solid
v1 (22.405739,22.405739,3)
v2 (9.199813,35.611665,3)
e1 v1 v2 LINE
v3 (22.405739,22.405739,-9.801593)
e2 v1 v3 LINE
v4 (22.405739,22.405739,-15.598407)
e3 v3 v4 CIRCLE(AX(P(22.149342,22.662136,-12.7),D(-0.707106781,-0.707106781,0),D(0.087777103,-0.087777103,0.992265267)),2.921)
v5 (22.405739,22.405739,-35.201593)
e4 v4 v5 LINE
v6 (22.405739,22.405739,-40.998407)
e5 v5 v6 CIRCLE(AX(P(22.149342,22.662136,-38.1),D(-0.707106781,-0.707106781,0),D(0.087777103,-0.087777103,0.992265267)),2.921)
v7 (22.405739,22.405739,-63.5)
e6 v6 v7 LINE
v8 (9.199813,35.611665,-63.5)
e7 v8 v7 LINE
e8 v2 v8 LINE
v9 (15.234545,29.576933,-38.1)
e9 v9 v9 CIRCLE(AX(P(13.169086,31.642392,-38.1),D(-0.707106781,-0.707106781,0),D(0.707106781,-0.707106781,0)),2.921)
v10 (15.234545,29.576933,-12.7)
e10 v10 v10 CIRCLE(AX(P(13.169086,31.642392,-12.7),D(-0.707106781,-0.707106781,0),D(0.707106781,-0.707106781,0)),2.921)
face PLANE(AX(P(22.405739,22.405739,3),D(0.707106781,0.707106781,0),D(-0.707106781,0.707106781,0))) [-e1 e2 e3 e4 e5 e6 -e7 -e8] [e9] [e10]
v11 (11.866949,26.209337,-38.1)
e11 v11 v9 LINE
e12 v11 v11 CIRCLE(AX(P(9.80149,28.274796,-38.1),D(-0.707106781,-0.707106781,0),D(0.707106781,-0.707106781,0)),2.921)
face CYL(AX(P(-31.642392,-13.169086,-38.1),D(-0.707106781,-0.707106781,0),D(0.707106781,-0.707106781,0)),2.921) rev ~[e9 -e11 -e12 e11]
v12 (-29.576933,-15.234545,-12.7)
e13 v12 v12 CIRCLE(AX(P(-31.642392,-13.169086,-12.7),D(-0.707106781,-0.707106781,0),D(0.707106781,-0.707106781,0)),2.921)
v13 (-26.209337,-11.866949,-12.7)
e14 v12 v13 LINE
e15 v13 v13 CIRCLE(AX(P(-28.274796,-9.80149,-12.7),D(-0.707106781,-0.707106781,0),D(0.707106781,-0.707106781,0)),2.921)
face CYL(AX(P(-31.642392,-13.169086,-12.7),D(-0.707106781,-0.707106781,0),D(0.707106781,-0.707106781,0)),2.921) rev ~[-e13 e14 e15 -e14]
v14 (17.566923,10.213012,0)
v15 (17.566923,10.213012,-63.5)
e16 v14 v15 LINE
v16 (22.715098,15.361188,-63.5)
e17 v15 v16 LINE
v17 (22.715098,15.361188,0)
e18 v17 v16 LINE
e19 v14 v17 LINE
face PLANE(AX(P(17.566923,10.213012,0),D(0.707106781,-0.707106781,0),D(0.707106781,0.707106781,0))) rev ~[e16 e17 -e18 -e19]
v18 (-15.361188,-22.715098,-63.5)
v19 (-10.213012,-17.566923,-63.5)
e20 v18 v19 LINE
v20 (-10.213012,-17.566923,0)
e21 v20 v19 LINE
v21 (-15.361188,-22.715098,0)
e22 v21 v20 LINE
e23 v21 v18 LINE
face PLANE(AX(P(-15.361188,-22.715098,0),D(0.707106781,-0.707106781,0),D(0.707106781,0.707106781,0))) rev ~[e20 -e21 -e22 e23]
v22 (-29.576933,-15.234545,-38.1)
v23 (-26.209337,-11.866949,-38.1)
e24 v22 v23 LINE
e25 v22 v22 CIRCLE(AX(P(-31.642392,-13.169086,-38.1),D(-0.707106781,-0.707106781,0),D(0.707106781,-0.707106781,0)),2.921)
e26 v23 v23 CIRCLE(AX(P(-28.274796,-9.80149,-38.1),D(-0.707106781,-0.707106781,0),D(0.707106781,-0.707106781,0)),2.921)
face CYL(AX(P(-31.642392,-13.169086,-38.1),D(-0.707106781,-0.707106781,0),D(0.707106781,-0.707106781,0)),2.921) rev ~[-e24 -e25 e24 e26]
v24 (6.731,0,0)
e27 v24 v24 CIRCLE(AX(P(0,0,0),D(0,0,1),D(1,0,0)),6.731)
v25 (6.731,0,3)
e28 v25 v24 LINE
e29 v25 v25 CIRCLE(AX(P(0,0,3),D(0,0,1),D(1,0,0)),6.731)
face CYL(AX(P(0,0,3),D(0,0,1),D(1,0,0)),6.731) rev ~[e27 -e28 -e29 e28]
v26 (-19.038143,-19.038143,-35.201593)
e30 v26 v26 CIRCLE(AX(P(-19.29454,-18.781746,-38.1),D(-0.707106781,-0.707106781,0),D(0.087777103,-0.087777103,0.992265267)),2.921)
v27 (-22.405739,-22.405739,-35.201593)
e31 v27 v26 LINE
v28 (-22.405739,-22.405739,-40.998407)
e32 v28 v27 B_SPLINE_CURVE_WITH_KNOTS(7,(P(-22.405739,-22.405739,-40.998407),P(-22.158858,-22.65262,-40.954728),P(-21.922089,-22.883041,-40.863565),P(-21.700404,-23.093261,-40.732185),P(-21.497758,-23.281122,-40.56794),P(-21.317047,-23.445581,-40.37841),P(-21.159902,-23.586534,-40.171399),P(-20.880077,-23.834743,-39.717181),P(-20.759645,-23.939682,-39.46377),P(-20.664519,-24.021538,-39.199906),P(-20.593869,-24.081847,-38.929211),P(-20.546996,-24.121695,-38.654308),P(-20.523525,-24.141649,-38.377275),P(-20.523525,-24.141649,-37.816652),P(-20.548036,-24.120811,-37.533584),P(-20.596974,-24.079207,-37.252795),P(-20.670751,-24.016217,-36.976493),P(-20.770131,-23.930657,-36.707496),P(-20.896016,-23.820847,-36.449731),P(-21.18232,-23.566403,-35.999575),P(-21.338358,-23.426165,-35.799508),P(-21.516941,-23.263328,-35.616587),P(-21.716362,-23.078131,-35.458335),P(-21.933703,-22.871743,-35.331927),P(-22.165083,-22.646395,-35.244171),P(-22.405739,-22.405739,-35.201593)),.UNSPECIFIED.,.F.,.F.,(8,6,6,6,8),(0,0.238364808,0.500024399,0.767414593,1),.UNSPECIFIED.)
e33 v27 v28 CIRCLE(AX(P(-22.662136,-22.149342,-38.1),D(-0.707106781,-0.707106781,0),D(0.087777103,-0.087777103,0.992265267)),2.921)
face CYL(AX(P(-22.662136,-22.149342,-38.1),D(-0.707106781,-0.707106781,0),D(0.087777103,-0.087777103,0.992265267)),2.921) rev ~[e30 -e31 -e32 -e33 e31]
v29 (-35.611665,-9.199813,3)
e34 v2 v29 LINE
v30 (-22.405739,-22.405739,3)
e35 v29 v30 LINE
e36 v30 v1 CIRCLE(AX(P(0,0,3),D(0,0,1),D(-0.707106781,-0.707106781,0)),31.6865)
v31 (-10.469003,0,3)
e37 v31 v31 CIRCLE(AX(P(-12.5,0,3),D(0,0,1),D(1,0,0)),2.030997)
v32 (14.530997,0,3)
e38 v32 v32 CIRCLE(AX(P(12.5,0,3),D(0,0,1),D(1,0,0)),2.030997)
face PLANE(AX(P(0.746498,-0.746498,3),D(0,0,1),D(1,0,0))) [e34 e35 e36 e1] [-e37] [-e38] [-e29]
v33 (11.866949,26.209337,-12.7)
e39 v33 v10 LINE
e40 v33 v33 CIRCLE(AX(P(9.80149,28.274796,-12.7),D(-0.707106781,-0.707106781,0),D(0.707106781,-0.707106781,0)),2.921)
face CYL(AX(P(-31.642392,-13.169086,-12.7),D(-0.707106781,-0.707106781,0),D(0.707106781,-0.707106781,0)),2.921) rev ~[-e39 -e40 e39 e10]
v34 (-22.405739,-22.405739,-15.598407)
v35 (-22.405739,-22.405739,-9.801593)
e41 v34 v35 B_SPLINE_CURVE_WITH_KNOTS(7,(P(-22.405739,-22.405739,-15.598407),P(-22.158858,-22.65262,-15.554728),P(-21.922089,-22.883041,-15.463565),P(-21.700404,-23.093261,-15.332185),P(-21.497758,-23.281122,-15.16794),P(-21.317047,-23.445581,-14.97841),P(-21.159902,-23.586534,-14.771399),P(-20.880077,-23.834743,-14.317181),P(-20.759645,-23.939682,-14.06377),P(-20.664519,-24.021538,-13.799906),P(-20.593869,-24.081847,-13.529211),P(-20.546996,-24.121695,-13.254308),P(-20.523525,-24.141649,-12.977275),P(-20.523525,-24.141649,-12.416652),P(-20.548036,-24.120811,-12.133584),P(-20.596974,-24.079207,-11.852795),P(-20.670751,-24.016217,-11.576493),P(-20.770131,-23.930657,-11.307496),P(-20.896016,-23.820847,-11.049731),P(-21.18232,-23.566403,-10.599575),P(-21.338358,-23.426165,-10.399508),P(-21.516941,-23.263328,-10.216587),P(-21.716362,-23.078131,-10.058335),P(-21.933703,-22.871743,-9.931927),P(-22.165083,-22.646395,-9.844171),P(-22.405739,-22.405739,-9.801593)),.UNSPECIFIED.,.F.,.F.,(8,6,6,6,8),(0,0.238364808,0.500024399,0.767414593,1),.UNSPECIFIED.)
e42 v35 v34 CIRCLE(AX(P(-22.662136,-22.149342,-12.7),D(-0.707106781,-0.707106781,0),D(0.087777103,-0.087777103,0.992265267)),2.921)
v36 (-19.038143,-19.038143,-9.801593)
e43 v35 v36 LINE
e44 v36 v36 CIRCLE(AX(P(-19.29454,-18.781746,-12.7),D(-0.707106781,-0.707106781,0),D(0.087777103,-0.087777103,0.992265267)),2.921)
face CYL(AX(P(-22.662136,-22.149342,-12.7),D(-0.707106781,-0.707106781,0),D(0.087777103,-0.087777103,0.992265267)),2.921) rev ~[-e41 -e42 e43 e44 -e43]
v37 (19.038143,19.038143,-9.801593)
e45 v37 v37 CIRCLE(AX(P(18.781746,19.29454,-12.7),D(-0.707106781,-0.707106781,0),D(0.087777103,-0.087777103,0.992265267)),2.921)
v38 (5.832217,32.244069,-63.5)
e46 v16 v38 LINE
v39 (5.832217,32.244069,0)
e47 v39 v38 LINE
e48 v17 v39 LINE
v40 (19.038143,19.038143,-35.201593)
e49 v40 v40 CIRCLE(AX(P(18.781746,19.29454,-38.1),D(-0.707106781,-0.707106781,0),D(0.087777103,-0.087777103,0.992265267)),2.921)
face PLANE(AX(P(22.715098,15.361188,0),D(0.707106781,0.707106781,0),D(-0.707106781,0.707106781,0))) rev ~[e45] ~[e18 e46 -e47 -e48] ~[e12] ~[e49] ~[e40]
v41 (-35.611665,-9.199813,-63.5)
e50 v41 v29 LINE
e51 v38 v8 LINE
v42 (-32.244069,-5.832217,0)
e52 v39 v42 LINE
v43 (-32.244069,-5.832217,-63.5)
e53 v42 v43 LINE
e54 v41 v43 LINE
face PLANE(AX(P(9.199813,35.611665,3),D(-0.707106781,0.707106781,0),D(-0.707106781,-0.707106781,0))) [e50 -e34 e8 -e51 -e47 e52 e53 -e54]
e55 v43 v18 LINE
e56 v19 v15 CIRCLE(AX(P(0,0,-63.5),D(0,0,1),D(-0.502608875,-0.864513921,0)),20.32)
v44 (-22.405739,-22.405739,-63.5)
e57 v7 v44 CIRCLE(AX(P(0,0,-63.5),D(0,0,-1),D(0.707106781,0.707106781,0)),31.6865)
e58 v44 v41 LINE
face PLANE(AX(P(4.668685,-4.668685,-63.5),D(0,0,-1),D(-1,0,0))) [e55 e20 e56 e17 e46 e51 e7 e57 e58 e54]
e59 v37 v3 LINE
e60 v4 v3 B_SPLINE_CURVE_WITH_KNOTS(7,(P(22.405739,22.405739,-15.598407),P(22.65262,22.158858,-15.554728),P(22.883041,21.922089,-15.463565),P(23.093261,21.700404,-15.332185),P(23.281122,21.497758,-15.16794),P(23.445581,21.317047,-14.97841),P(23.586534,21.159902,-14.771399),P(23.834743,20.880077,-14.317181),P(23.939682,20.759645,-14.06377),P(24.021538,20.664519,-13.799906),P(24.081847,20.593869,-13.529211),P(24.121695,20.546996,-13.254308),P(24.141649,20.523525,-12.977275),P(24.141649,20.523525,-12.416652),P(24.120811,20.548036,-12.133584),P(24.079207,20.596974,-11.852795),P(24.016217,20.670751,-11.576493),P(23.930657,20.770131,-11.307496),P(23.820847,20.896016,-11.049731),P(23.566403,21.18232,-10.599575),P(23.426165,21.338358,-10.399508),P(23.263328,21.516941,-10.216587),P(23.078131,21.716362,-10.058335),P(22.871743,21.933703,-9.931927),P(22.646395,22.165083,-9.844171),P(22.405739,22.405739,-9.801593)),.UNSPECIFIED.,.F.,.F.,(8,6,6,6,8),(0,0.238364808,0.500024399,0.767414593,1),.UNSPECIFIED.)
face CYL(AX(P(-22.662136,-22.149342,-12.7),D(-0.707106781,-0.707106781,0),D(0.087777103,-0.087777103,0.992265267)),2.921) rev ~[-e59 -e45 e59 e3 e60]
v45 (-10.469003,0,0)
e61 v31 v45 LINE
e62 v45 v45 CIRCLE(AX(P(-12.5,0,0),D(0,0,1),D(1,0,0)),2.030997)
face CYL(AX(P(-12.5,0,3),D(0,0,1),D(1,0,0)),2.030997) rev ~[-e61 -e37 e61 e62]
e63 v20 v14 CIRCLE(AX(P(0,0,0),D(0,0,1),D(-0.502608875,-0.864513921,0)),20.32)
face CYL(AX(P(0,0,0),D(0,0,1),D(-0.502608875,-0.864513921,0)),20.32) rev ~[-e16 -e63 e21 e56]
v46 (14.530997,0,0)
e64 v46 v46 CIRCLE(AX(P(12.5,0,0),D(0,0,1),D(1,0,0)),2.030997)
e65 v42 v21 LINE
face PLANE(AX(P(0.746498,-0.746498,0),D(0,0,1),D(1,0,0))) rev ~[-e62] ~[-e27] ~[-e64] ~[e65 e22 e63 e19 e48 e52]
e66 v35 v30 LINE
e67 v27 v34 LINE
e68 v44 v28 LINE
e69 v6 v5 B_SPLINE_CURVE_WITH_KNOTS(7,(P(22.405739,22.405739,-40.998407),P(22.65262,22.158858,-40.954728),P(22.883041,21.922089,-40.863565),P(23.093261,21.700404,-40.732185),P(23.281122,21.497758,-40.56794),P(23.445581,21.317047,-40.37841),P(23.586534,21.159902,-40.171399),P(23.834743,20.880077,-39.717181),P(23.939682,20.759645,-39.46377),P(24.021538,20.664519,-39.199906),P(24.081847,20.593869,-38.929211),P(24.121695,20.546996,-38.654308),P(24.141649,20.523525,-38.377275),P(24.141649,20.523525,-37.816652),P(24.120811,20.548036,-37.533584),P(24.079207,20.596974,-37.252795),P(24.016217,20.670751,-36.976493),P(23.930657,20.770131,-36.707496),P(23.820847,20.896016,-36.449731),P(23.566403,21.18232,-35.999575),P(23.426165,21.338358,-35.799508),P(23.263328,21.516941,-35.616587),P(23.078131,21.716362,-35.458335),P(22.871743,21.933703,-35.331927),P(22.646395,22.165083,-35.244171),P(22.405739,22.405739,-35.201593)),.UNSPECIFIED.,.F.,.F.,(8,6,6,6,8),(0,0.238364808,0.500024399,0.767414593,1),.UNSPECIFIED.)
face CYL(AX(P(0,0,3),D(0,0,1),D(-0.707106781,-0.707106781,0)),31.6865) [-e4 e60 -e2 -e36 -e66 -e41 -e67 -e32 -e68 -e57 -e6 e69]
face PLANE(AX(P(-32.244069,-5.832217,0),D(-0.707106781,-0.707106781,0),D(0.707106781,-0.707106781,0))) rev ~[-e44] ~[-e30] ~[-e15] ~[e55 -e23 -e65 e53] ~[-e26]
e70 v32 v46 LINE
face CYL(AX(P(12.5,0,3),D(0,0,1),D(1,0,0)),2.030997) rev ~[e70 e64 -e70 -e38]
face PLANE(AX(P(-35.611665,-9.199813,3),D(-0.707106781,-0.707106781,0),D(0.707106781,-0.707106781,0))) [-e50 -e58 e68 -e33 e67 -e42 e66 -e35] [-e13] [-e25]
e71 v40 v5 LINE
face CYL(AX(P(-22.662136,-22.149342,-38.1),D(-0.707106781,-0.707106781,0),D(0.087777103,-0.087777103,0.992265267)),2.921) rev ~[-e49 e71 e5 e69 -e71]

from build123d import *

# Parameters (mm, degrees)
BOSS_EXTRUDE1_DEPTH = 63.5
BOSS_EXTRUDE2_START = 3
SKETCH4_R           = 6.731
SKETCH4_R_2         = 2.0309967
BOSS_EXTRUDE2_DEPTH = 3
SKETCH5_R           = 2.921
CUT_EXTRUDE3_DEPTH  = 102.608265033


with BuildPart() as part:
    # Sketch2 → Boss-Extrude1 (new body)
    with BuildSketch(Plane.XY):
        with BuildLine():
            Line((5.832216731, 32.244069222), (9.199812777, 35.611665268))
            Line((9.199812777, 35.611665268), (22.405739022, 22.405739022))
            ThreePointArc((22.405739022, 22.405739022), (22.405739022, -22.405739022), (-22.405739022, -22.405739022))
            Line((-22.405739022, -22.405739022), (-35.611665268, -9.199812777))
            Line((-35.611665268, -9.199812777), (-32.244069222, -5.832216731))
            Line((-32.244069222, -5.832216731), (-15.361187714, -22.715098239))
            Line((-15.361187714, -22.715098239), (-10.21301234, -17.566922865))
            ThreePointArc((-10.21301234, -17.566922865), (14.368409794, -14.368409794), (17.566922865, 10.21301234))
            Line((17.566922865, 10.21301234), (22.715098239, 15.361187714))
            Line((22.715098239, 15.361187714), (5.832216731, 32.244069222))
        make_face()
    extrude(amount=-BOSS_EXTRUDE1_DEPTH)

    # Sketch4 → Boss-Extrude2 (add)
    with BuildSketch(Plane.XY.offset(BOSS_EXTRUDE2_START)):
        with BuildLine():
            Line((9.199812777, 35.611665268), (-35.611665268, -9.199812777))
            Line((-35.611665268, -9.199812777), (-22.405739022, -22.405739022))
            ThreePointArc((-22.405739022, -22.405739022), (22.405739022, -22.405739022), (22.405739022, 22.405739022))
            Line((22.405739022, 22.405739022), (9.199812777, 35.611665268))
        make_face()
        Circle(SKETCH4_R, mode=Mode.SUBTRACT)
        with Locations((12.5, 0)):
            Circle(SKETCH4_R_2, mode=Mode.SUBTRACT)
        with Locations((-12.5, 0)):
            Circle(SKETCH4_R_2, mode=Mode.SUBTRACT)
    extrude(amount=-BOSS_EXTRUDE2_DEPTH)

    # Sketch5 → Cut-Extrude3 (cut, through all)
    with BuildSketch(Plane(origin=(-22.405739022, -22.405739022, 0), x_dir=(0, 0, 1), z_dir=(-0.7071067811865476, -0.7071067811865476, 0))):
        with Locations(Location((-12.7, 0.3626, 0), (0, 0, 352.869161209))):
            Circle(SKETCH5_R)
        with Locations(Location((-12.7, 13.0626, 0), (0, 0, 270))):
            Circle(SKETCH5_R)
        with Locations(Location((-38.1, 13.0626, 0), (0, 0, 270))):
            Circle(SKETCH5_R)
        with Locations(Location((-38.1, 0.3626, 0), (0, 0, 352.869161209))):
            Circle(SKETCH5_R)
    extrude(amount=-CUT_EXTRUDE3_DEPTH, mode=Mode.SUBTRACT)


solid = part.part
